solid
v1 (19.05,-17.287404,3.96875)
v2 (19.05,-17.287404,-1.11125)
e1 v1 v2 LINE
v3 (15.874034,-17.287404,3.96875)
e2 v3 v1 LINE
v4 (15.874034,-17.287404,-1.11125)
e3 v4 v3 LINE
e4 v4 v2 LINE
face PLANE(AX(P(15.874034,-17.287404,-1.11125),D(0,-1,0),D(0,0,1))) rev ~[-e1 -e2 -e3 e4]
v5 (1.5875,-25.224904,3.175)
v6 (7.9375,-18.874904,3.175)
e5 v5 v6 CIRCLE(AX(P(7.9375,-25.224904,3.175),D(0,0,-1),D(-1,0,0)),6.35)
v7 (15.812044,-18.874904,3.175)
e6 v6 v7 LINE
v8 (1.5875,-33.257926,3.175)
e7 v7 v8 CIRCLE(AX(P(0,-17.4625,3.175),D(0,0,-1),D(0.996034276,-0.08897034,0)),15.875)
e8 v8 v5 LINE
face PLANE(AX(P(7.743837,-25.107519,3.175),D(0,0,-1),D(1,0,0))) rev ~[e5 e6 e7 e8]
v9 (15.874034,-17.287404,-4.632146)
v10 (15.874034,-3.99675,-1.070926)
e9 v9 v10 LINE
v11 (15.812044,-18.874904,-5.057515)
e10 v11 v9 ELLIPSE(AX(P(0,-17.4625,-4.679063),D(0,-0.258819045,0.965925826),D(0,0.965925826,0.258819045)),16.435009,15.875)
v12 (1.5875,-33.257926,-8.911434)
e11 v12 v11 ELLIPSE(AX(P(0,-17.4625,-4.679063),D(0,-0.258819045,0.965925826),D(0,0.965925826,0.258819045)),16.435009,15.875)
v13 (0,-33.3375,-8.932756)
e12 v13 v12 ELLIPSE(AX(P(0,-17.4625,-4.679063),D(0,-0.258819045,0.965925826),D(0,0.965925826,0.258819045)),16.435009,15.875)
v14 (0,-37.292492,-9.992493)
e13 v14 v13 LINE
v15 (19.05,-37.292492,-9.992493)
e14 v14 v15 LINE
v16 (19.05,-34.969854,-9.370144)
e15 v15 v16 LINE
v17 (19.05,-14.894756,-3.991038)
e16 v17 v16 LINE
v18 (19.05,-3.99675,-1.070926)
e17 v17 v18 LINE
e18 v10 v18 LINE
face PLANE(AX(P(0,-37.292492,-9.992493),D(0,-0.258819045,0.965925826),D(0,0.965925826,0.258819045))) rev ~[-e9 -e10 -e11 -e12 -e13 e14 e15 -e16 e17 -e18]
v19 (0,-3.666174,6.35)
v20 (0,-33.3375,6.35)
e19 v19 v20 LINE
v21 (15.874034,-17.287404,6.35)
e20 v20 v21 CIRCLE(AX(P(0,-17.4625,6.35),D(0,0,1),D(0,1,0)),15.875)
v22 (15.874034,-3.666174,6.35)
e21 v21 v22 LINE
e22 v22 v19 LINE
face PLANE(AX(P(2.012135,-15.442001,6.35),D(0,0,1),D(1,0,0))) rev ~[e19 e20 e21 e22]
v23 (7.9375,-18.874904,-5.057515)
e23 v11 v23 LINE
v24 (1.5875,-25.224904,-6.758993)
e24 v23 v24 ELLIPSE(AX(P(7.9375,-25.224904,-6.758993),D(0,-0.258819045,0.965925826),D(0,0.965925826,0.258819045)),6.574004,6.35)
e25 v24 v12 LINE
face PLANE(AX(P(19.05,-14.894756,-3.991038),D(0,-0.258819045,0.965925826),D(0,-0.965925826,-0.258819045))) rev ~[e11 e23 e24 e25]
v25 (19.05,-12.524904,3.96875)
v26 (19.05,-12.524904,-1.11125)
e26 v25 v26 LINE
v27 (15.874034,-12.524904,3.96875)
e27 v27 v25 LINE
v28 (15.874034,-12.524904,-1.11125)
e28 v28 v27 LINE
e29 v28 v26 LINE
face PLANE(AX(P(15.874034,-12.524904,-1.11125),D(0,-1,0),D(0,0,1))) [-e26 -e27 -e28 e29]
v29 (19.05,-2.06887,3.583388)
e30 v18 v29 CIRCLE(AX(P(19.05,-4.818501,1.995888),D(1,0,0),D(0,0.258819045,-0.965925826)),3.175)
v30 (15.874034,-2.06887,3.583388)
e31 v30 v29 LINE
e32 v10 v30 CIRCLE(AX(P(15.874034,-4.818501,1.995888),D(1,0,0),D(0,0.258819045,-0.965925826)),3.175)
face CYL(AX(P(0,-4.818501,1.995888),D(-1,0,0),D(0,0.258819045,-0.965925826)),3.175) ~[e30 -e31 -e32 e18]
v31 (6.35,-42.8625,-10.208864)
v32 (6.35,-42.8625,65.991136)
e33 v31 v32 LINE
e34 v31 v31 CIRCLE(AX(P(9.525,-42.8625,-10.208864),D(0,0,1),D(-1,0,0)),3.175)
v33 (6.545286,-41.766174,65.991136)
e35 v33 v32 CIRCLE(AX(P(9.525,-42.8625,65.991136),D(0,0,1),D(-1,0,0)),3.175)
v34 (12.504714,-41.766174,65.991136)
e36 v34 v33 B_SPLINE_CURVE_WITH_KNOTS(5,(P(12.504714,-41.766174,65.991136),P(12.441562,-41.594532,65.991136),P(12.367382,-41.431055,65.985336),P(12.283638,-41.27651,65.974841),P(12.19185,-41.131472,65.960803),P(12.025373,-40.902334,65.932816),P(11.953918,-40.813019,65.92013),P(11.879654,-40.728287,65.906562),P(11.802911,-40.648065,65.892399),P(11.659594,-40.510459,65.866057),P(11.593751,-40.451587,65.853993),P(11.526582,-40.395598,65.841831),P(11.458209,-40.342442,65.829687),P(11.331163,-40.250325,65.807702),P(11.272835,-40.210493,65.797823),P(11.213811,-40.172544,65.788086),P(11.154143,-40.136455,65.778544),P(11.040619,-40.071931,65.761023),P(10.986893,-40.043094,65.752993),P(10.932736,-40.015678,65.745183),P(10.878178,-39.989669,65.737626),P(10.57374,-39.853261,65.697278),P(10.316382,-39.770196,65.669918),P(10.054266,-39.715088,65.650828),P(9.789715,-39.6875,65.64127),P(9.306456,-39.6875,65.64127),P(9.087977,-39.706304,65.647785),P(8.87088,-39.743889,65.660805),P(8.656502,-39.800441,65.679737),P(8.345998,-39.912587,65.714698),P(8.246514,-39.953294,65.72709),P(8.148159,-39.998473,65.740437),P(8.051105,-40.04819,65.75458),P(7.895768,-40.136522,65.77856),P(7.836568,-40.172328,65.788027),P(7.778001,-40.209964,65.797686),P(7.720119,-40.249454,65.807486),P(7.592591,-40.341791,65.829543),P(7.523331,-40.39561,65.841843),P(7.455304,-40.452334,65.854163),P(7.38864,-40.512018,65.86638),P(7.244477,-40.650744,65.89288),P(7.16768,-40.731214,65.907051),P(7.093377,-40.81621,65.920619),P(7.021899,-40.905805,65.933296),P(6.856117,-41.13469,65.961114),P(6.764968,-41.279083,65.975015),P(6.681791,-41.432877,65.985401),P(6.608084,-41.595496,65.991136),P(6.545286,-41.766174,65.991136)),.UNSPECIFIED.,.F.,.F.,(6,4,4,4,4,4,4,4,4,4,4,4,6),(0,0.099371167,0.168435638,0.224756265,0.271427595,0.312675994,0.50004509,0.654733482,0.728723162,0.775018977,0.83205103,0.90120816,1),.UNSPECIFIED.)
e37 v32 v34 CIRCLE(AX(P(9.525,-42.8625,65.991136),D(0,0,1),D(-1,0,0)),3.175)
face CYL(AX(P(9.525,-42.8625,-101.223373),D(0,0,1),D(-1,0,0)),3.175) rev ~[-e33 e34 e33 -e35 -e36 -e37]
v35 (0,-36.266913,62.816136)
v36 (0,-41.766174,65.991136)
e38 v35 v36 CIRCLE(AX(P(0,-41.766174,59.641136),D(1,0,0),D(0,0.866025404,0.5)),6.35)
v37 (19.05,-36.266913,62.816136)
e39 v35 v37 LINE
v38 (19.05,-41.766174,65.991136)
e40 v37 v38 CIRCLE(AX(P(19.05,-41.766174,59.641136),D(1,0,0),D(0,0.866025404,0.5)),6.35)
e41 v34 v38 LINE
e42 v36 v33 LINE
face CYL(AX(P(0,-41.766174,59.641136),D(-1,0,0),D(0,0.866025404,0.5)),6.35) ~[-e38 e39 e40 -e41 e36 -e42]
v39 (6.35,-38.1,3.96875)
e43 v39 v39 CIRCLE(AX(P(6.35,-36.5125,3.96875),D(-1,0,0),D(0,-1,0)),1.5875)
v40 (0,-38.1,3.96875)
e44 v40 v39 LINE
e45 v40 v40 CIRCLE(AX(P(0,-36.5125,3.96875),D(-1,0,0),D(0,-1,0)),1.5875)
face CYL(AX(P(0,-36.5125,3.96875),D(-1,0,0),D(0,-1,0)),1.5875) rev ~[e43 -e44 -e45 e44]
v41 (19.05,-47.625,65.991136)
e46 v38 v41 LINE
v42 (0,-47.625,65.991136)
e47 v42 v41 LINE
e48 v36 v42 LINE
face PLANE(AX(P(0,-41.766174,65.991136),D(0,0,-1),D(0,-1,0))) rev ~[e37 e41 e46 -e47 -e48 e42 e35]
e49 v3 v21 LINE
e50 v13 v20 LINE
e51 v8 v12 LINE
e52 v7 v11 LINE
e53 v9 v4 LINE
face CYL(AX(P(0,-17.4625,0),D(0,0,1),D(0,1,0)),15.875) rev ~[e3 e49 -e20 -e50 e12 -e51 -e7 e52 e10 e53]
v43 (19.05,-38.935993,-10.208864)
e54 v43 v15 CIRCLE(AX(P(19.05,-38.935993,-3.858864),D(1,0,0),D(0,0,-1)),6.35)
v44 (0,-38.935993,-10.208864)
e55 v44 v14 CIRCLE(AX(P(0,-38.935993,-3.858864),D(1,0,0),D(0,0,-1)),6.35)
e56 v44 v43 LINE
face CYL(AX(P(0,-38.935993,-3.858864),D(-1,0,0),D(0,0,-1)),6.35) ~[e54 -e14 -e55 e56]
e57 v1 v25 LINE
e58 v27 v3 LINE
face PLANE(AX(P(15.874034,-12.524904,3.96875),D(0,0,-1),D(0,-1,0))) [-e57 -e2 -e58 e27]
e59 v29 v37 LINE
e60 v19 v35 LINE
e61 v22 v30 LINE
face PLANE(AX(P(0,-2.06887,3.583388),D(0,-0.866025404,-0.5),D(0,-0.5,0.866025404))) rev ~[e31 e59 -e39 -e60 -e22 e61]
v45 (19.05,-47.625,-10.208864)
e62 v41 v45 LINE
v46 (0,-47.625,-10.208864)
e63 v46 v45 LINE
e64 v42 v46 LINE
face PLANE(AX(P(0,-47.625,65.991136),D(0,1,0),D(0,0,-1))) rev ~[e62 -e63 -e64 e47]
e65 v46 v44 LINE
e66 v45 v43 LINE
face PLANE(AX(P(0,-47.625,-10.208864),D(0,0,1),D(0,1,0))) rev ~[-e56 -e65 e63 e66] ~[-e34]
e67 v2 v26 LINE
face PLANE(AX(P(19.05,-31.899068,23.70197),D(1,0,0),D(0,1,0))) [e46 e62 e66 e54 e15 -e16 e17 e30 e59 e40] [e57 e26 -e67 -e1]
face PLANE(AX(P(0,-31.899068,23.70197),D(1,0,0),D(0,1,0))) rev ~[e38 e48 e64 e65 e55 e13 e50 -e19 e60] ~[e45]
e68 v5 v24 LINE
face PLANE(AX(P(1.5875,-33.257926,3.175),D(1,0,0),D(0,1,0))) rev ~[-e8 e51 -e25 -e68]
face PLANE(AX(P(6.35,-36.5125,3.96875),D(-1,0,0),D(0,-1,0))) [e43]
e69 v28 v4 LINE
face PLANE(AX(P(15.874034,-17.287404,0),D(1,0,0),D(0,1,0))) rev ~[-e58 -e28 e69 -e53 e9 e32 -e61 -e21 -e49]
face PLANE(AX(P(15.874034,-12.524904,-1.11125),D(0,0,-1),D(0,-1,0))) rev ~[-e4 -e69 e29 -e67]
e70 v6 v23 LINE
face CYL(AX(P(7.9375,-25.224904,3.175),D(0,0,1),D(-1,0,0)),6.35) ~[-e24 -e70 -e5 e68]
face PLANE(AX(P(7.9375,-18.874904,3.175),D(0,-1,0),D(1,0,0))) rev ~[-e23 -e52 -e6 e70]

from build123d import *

# Parameters (mm, degrees)
F1_DEPTH      = 19.05
F3_D          = 6.35
F5_DEPTH      = 6.35
F5_DEPTH_BACK = 10.2098643316
F6_W          = 4.7625
F6_H          = 5.08
F7_DEPTH      = 25.4
F8_R          = 1.5875
F9_DEPTH      = 6.35
F11_START     = 3.175
F11_DEPTH     = 15.875
F13_DEPTH     = 19.0510001


with BuildPart() as f1:
    # F0 (on Right) → F1 (new body)
    with BuildSketch(Plane.YZ):
        with BuildLine():
            ThreePointArc((-3.9967504682, -1.0709260603), (-1.8851834207, 0.7808685404), (-2.0688702794, 3.5833884382))
            Line((-2.0688702794, 3.5833884382), (-36.2669128953, 62.8161357684))
            ThreePointArc((-36.2669128953, 62.8161357684), (-38.5911742094, 65.1403970824), (-41.7661742094, 65.9911357684))
            Line((-41.7661742094, 65.9911357684), (-47.625, 65.9911357684))
            Line((-47.625, 65.9911357684), (-47.625, -10.2088642316))
            Line((-47.625, -10.2088642316), (-38.9359933597, -10.2088642316))
            ThreePointArc((-38.9359933597, -10.2088642316), (-38.1071520391, -10.1545391013), (-37.2924924233, -9.9924932286))
            Line((-37.2924924233, -9.9924932286), (-3.9967504682, -1.0709260603))
        make_face()
    extrude(amount=F1_DEPTH)

    # F3 (through all)
    with Locations(Plane(origin=(0, 0, -10.2088642316), x_dir=(1, 0, 0), z_dir=(0, 0, -1))):
        with Locations((9.525, 42.8625)):
            Hole(F3_D / 2)

    # F4 (on Top) → F5 (cut, two sides)
    with BuildSketch(Plane.XY) as f5_sk:
        with BuildLine():
            Line((15.8740343467, -1.5875), (0, -1.5875))
            ThreePointArc((0, -1.5875), (-11.1632427706, -28.7495561195), (15.8740343467, -17.2874041455))
            Line((15.8740343467, -17.2874041455), (15.8740343467, -10.9579507262))
            Line((15.8740343467, -10.9579507262), (15.8740343467, -1.5875))
        make_face()
    extrude(amount=F5_DEPTH, mode=Mode.SUBTRACT)
    extrude(f5_sk.sketch, amount=-F5_DEPTH_BACK, mode=Mode.SUBTRACT)

    # F6 (on face) → F7 (cut)
    with BuildSketch(Plane(origin=(15.8740343467, 0, 0), x_dir=(0, -1, 0), z_dir=(-1, 0, 0))):
        with Locations((14.9061541455, 1.42875)):
            Rectangle(F6_W, F6_H)
    extrude(amount=-F7_DEPTH, mode=Mode.SUBTRACT)

    # F8 (on face) → F9 (cut)
    with BuildSketch(Plane(origin=(0, 0, 0), x_dir=(0, -1, 0), z_dir=(-1, 0, 0))):
        with Locations((36.5125, 3.96875)):
            Circle(F8_R)
    extrude(amount=-F9_DEPTH, mode=Mode.SUBTRACT)

    # F10 (on face) → F11 (join)
    with BuildSketch(Plane(origin=(0, 0, 6.35), x_dir=(1, 0, 0), z_dir=(0, 0, -1)).offset(F11_START)):
        with BuildLine():
            ThreePointArc((1.5875, 25.2249041455), (3.4473719395, 20.7347760849), (7.9375, 18.8749041455))
            Line((7.9375, 18.8749041455), (15.8120441288, 18.8749041455))
            ThreePointArc((15.8120441288, 18.8749041455), (11.2873318483, 28.6254639767), (1.5875, 33.2579255641))
            Line((1.5875, 33.2579255641), (1.5875, 25.2249041455))
        make_face()
    extrude(amount=F11_DEPTH)

    # F12 (on face) → F13 (cut, through all)
    with BuildSketch(Plane.YZ.offset(19.05)):
        Polygon((-14.8947556834, -3.9910377568), (-34.9698544916, -9.3701442705), (-35.4003421962, -17.2549132258), (-14.8947556834, -17.2549132258), align=None)
    extrude(amount=-F13_DEPTH, mode=Mode.SUBTRACT)


solid = f1.part
